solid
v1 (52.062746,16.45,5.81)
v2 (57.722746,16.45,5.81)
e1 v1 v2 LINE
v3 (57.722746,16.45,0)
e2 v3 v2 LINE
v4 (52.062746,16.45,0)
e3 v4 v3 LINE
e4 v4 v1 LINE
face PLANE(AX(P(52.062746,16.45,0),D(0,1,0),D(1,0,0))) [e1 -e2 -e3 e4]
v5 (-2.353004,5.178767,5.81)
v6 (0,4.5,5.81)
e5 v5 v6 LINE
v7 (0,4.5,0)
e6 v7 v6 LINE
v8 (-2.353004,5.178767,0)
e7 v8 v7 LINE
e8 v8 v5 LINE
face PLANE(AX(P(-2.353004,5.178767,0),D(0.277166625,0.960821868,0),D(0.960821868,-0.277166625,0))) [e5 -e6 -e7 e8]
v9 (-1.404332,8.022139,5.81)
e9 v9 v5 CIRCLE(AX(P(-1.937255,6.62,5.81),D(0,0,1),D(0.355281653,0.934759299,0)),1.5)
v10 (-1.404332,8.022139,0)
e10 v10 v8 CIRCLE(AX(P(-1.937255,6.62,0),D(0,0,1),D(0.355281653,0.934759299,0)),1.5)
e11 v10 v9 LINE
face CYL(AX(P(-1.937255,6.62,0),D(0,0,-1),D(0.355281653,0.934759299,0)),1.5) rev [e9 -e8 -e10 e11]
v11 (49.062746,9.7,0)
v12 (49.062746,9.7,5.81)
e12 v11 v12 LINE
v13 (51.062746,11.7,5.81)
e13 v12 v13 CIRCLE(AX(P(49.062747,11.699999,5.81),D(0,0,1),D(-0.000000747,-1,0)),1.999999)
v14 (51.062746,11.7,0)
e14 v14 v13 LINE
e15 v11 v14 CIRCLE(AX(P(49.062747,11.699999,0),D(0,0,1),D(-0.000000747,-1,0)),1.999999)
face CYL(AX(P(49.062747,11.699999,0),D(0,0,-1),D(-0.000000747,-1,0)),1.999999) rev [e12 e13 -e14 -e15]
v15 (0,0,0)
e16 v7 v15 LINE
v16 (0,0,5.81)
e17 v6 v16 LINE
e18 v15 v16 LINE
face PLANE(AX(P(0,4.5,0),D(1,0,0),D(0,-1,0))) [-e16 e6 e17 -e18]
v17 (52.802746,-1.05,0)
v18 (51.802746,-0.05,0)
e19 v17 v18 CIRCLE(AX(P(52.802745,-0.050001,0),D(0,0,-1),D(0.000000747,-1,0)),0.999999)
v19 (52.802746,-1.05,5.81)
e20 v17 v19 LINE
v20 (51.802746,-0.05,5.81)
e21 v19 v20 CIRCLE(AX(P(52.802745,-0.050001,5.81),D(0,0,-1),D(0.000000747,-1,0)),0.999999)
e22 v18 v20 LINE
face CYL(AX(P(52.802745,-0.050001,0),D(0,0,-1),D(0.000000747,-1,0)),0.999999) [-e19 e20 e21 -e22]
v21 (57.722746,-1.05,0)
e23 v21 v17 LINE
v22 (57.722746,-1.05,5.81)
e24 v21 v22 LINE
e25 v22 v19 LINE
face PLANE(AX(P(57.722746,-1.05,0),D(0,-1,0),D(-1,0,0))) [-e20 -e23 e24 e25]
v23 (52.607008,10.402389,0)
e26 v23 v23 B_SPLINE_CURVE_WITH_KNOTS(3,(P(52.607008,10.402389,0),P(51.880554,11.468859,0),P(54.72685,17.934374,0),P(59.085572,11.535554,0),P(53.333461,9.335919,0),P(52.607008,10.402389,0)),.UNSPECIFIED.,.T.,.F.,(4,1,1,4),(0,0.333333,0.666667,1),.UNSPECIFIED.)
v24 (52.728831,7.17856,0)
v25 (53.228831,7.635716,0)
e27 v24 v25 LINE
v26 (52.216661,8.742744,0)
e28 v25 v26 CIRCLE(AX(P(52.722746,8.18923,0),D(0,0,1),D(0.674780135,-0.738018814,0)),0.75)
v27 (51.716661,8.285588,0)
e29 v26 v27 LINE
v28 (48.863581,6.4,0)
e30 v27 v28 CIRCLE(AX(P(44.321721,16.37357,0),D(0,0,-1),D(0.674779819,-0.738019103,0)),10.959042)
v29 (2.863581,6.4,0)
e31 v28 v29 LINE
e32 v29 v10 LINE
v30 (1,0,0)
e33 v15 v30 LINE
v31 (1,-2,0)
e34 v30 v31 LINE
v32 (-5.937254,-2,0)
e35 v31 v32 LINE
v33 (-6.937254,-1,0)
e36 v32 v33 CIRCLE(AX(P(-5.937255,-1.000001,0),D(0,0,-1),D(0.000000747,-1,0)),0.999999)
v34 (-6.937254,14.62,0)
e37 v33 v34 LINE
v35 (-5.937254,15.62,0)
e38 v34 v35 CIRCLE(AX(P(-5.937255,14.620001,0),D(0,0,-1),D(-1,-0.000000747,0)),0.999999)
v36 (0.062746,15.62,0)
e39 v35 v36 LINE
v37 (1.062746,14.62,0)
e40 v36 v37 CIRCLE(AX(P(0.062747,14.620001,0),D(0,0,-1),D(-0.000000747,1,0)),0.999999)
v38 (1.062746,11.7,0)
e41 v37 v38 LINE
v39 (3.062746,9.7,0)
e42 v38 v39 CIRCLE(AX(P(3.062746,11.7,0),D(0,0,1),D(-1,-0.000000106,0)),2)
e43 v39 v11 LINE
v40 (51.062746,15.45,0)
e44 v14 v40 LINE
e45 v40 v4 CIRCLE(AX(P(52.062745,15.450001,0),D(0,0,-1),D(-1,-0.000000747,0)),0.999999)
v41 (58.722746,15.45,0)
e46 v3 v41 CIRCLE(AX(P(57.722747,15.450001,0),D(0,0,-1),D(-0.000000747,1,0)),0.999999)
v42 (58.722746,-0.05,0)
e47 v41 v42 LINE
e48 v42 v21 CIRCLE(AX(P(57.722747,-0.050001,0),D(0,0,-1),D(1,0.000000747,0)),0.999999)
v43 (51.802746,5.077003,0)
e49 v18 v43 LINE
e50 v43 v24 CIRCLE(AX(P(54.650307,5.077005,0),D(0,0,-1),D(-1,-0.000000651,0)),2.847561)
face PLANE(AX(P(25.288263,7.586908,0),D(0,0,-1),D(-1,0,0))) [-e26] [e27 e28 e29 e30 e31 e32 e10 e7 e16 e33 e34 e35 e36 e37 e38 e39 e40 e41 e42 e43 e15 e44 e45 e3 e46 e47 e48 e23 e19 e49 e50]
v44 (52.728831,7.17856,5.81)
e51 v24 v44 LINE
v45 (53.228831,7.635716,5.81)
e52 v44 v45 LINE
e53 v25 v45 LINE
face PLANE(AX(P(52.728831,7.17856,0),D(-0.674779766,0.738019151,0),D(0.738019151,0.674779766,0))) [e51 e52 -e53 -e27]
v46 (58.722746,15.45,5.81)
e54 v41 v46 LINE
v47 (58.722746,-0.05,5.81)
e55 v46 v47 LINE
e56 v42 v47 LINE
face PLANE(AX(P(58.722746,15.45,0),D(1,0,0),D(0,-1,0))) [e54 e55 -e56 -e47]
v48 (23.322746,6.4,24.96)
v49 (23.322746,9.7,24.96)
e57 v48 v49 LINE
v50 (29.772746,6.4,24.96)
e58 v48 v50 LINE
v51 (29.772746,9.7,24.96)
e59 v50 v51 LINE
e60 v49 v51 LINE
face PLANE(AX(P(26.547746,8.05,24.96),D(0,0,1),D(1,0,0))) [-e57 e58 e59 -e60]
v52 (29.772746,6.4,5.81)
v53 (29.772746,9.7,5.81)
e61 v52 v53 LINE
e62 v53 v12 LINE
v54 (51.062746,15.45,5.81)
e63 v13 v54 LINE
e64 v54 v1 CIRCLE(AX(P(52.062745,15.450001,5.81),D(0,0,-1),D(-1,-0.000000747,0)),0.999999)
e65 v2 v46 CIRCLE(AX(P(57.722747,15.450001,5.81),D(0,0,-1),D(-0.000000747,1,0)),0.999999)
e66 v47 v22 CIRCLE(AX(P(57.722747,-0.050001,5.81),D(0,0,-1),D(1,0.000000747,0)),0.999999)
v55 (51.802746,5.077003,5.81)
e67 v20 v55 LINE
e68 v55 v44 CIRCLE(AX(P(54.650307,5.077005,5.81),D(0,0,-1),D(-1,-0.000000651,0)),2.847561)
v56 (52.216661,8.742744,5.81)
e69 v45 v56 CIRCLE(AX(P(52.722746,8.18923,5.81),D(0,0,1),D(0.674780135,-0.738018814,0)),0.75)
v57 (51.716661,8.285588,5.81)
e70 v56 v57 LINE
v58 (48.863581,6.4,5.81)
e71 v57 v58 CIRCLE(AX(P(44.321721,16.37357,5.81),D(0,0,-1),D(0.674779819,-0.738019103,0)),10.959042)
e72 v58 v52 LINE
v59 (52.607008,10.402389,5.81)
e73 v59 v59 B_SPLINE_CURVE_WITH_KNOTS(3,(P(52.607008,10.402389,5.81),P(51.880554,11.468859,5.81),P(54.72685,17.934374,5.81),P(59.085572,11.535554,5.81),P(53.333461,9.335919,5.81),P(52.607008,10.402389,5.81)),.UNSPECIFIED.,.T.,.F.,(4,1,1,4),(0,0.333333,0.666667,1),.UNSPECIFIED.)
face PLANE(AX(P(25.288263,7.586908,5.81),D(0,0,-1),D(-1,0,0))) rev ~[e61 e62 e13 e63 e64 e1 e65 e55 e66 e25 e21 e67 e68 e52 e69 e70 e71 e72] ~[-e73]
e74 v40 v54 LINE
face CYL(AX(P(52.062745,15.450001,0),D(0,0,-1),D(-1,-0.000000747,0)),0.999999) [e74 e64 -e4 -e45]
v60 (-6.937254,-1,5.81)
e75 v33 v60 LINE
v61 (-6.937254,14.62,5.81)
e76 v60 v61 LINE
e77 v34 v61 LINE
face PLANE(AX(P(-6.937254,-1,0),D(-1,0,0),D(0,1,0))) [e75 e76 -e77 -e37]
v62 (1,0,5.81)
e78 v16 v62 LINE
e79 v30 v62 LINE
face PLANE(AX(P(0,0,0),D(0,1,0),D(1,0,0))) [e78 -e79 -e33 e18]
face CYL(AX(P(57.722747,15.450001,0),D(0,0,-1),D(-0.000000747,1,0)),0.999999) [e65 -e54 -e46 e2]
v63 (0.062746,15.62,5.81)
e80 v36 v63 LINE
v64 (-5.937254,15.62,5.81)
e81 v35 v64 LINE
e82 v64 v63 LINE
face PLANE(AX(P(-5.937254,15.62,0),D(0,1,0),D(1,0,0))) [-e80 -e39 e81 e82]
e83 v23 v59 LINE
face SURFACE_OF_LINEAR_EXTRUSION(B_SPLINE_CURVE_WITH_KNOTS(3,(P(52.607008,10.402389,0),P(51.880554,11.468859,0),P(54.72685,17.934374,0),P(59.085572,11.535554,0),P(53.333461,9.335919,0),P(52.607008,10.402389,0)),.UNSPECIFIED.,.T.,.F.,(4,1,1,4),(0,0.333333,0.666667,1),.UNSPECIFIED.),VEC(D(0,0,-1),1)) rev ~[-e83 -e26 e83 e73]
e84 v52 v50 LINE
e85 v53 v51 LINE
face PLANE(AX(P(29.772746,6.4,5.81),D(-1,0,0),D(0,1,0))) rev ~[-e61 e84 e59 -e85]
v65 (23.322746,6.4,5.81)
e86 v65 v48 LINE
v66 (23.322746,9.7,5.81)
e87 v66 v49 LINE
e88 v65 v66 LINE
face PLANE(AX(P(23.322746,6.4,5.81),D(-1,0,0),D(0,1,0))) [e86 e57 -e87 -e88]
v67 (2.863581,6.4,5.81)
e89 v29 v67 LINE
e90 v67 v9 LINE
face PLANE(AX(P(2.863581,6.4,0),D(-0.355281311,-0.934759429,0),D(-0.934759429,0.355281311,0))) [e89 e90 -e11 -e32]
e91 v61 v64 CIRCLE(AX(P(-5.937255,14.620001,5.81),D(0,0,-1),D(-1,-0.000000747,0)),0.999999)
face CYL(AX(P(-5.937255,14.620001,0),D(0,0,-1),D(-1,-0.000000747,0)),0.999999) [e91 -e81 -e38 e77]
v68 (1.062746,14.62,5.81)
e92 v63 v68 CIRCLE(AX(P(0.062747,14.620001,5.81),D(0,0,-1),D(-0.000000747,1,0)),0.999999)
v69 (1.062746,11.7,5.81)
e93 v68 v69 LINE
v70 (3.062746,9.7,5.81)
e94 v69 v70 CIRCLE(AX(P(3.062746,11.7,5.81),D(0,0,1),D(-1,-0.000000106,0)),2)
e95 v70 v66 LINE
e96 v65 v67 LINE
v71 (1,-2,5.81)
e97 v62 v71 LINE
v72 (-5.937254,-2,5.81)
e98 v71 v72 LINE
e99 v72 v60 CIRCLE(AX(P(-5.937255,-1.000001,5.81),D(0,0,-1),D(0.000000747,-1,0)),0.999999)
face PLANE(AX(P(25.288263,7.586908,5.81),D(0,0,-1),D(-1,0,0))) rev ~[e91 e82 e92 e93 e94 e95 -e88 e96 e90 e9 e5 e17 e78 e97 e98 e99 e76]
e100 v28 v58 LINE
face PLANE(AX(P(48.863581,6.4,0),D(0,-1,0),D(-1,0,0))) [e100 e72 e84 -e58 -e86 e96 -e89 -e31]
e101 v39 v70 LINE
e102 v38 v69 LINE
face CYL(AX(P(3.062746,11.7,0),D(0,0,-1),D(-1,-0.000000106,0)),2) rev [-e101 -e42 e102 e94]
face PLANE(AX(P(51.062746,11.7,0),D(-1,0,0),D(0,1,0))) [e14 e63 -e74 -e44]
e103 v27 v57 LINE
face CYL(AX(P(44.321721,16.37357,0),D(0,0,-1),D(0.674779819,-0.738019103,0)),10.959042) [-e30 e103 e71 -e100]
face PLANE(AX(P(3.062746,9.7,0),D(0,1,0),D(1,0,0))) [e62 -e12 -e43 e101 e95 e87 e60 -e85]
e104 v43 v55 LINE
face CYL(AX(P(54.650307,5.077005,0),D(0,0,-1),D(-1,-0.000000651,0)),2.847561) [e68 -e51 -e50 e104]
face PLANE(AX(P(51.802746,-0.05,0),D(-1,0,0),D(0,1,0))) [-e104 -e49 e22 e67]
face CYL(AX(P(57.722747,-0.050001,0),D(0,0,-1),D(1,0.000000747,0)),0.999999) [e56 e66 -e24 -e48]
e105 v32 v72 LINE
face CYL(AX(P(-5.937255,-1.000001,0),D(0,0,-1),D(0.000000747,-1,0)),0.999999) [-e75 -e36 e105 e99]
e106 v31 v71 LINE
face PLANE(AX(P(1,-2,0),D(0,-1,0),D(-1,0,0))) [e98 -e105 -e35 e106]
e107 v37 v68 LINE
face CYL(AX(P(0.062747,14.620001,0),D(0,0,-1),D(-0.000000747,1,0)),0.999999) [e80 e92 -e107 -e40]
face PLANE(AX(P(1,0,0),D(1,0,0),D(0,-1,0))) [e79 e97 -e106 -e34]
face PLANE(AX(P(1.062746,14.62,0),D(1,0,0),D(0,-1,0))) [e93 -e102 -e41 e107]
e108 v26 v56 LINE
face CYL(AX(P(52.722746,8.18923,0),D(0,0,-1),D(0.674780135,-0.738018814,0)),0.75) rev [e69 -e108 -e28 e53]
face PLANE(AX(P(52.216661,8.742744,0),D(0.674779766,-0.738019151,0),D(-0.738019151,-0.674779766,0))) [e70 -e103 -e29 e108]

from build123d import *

# Parameters (mm, degrees)
PAD_DEPTH    = 5.81
SKETCH_W     = 6.45
SKETCH_H     = 3.3
PAD001_DEPTH = 19.15


with BuildPart() as part:
    # Sketch001 → Pad (new body)
    with BuildSketch(Plane.XY):
        with BuildLine():
            Line((3.062746, 9.7), (49.062746, 9.7))
            ThreePointArc((49.062746, 9.7), (50.47696, 10.285786), (51.062746, 11.7))
            Line((51.062746, 11.7), (51.062746, 15.45))
            ThreePointArc((51.062746, 15.45), (51.355639, 16.157107), (52.062746, 16.45))
            Line((52.062746, 16.45), (57.722746, 16.45))
            ThreePointArc((57.722746, 16.45), (58.429853, 16.157107), (58.722746, 15.45))
            Line((58.722746, 15.45), (58.722746, -0.05))
            ThreePointArc((58.722746, -0.05), (58.429853, -0.757107), (57.722746, -1.05))
            Line((57.722746, -1.05), (52.802746, -1.05))
            ThreePointArc((52.802746, -1.05), (52.095639, -0.757107), (51.802746, -0.05))
            Line((51.802746, -0.05), (51.802746, 5.077003))
            ThreePointArc((51.802746, 5.077003), (52.044532, 6.225282), (52.728831, 7.17856))
            Line((52.728831, 7.17856), (53.228831, 7.635716))
            ThreePointArc((53.228831, 7.635716), (53.27626, 8.695315), (52.216661, 8.742744))
            Line((52.216661, 8.742744), (51.716661, 8.285588))
            ThreePointArc((51.716661, 8.285588), (50.364126, 7.230817), (48.863581, 6.4))
            Line((48.863581, 6.4), (2.863581, 6.4))
            Line((2.863581, 6.4), (-1.404332, 8.022139))
            ThreePointArc((-1.404332, 8.022139), (-3.360147, 7.094739), (-2.353004, 5.178767))
            Line((-2.353004, 5.178767), (0, 4.5))
            Line((0, 4.5), (0, 0))
            Line((0, 0), (1, 0))
            Line((1, 0), (1, -2))
            Line((1, -2), (-5.937254, -2))
            ThreePointArc((-5.937254, -2), (-6.644361, -1.707107), (-6.937254, -1))
            Line((-6.937254, -1), (-6.937254, 14.62))
            ThreePointArc((-6.937254, 14.62), (-6.644361, 15.327107), (-5.937254, 15.62))
            Line((-5.937254, 15.62), (0.062746, 15.62))
            ThreePointArc((0.062746, 15.62), (0.769853, 15.327107), (1.062746, 14.62))
            Line((1.062746, 14.62), (1.062746, 11.7))
            ThreePointArc((1.062746, 11.7), (1.648533, 10.285786), (3.062746, 9.7))
        make_face()
        with BuildLine():
            add(Edge.make_bspline(
                [(52.607008, 10.402389), (51.880554, 11.468859), (54.72685, 17.934374), (59.085572, 11.535554), (53.333461, 9.335919), (52.607008, 10.402389)],
                knots=[0, 0, 0, 0, 0.333333, 0.666667, 1, 1, 1, 1], degree=3))
        make_face(mode=Mode.SUBTRACT)
    extrude(amount=PAD_DEPTH)

    # Sketch (on Face34 of Pad) → Pad001 (join)
    with BuildSketch(Plane.XY.offset(5.81)):
        with Locations((26.547746, 8.05)):
            Rectangle(SKETCH_W, SKETCH_H)
    extrude(amount=PAD001_DEPTH)


solid = part.part
